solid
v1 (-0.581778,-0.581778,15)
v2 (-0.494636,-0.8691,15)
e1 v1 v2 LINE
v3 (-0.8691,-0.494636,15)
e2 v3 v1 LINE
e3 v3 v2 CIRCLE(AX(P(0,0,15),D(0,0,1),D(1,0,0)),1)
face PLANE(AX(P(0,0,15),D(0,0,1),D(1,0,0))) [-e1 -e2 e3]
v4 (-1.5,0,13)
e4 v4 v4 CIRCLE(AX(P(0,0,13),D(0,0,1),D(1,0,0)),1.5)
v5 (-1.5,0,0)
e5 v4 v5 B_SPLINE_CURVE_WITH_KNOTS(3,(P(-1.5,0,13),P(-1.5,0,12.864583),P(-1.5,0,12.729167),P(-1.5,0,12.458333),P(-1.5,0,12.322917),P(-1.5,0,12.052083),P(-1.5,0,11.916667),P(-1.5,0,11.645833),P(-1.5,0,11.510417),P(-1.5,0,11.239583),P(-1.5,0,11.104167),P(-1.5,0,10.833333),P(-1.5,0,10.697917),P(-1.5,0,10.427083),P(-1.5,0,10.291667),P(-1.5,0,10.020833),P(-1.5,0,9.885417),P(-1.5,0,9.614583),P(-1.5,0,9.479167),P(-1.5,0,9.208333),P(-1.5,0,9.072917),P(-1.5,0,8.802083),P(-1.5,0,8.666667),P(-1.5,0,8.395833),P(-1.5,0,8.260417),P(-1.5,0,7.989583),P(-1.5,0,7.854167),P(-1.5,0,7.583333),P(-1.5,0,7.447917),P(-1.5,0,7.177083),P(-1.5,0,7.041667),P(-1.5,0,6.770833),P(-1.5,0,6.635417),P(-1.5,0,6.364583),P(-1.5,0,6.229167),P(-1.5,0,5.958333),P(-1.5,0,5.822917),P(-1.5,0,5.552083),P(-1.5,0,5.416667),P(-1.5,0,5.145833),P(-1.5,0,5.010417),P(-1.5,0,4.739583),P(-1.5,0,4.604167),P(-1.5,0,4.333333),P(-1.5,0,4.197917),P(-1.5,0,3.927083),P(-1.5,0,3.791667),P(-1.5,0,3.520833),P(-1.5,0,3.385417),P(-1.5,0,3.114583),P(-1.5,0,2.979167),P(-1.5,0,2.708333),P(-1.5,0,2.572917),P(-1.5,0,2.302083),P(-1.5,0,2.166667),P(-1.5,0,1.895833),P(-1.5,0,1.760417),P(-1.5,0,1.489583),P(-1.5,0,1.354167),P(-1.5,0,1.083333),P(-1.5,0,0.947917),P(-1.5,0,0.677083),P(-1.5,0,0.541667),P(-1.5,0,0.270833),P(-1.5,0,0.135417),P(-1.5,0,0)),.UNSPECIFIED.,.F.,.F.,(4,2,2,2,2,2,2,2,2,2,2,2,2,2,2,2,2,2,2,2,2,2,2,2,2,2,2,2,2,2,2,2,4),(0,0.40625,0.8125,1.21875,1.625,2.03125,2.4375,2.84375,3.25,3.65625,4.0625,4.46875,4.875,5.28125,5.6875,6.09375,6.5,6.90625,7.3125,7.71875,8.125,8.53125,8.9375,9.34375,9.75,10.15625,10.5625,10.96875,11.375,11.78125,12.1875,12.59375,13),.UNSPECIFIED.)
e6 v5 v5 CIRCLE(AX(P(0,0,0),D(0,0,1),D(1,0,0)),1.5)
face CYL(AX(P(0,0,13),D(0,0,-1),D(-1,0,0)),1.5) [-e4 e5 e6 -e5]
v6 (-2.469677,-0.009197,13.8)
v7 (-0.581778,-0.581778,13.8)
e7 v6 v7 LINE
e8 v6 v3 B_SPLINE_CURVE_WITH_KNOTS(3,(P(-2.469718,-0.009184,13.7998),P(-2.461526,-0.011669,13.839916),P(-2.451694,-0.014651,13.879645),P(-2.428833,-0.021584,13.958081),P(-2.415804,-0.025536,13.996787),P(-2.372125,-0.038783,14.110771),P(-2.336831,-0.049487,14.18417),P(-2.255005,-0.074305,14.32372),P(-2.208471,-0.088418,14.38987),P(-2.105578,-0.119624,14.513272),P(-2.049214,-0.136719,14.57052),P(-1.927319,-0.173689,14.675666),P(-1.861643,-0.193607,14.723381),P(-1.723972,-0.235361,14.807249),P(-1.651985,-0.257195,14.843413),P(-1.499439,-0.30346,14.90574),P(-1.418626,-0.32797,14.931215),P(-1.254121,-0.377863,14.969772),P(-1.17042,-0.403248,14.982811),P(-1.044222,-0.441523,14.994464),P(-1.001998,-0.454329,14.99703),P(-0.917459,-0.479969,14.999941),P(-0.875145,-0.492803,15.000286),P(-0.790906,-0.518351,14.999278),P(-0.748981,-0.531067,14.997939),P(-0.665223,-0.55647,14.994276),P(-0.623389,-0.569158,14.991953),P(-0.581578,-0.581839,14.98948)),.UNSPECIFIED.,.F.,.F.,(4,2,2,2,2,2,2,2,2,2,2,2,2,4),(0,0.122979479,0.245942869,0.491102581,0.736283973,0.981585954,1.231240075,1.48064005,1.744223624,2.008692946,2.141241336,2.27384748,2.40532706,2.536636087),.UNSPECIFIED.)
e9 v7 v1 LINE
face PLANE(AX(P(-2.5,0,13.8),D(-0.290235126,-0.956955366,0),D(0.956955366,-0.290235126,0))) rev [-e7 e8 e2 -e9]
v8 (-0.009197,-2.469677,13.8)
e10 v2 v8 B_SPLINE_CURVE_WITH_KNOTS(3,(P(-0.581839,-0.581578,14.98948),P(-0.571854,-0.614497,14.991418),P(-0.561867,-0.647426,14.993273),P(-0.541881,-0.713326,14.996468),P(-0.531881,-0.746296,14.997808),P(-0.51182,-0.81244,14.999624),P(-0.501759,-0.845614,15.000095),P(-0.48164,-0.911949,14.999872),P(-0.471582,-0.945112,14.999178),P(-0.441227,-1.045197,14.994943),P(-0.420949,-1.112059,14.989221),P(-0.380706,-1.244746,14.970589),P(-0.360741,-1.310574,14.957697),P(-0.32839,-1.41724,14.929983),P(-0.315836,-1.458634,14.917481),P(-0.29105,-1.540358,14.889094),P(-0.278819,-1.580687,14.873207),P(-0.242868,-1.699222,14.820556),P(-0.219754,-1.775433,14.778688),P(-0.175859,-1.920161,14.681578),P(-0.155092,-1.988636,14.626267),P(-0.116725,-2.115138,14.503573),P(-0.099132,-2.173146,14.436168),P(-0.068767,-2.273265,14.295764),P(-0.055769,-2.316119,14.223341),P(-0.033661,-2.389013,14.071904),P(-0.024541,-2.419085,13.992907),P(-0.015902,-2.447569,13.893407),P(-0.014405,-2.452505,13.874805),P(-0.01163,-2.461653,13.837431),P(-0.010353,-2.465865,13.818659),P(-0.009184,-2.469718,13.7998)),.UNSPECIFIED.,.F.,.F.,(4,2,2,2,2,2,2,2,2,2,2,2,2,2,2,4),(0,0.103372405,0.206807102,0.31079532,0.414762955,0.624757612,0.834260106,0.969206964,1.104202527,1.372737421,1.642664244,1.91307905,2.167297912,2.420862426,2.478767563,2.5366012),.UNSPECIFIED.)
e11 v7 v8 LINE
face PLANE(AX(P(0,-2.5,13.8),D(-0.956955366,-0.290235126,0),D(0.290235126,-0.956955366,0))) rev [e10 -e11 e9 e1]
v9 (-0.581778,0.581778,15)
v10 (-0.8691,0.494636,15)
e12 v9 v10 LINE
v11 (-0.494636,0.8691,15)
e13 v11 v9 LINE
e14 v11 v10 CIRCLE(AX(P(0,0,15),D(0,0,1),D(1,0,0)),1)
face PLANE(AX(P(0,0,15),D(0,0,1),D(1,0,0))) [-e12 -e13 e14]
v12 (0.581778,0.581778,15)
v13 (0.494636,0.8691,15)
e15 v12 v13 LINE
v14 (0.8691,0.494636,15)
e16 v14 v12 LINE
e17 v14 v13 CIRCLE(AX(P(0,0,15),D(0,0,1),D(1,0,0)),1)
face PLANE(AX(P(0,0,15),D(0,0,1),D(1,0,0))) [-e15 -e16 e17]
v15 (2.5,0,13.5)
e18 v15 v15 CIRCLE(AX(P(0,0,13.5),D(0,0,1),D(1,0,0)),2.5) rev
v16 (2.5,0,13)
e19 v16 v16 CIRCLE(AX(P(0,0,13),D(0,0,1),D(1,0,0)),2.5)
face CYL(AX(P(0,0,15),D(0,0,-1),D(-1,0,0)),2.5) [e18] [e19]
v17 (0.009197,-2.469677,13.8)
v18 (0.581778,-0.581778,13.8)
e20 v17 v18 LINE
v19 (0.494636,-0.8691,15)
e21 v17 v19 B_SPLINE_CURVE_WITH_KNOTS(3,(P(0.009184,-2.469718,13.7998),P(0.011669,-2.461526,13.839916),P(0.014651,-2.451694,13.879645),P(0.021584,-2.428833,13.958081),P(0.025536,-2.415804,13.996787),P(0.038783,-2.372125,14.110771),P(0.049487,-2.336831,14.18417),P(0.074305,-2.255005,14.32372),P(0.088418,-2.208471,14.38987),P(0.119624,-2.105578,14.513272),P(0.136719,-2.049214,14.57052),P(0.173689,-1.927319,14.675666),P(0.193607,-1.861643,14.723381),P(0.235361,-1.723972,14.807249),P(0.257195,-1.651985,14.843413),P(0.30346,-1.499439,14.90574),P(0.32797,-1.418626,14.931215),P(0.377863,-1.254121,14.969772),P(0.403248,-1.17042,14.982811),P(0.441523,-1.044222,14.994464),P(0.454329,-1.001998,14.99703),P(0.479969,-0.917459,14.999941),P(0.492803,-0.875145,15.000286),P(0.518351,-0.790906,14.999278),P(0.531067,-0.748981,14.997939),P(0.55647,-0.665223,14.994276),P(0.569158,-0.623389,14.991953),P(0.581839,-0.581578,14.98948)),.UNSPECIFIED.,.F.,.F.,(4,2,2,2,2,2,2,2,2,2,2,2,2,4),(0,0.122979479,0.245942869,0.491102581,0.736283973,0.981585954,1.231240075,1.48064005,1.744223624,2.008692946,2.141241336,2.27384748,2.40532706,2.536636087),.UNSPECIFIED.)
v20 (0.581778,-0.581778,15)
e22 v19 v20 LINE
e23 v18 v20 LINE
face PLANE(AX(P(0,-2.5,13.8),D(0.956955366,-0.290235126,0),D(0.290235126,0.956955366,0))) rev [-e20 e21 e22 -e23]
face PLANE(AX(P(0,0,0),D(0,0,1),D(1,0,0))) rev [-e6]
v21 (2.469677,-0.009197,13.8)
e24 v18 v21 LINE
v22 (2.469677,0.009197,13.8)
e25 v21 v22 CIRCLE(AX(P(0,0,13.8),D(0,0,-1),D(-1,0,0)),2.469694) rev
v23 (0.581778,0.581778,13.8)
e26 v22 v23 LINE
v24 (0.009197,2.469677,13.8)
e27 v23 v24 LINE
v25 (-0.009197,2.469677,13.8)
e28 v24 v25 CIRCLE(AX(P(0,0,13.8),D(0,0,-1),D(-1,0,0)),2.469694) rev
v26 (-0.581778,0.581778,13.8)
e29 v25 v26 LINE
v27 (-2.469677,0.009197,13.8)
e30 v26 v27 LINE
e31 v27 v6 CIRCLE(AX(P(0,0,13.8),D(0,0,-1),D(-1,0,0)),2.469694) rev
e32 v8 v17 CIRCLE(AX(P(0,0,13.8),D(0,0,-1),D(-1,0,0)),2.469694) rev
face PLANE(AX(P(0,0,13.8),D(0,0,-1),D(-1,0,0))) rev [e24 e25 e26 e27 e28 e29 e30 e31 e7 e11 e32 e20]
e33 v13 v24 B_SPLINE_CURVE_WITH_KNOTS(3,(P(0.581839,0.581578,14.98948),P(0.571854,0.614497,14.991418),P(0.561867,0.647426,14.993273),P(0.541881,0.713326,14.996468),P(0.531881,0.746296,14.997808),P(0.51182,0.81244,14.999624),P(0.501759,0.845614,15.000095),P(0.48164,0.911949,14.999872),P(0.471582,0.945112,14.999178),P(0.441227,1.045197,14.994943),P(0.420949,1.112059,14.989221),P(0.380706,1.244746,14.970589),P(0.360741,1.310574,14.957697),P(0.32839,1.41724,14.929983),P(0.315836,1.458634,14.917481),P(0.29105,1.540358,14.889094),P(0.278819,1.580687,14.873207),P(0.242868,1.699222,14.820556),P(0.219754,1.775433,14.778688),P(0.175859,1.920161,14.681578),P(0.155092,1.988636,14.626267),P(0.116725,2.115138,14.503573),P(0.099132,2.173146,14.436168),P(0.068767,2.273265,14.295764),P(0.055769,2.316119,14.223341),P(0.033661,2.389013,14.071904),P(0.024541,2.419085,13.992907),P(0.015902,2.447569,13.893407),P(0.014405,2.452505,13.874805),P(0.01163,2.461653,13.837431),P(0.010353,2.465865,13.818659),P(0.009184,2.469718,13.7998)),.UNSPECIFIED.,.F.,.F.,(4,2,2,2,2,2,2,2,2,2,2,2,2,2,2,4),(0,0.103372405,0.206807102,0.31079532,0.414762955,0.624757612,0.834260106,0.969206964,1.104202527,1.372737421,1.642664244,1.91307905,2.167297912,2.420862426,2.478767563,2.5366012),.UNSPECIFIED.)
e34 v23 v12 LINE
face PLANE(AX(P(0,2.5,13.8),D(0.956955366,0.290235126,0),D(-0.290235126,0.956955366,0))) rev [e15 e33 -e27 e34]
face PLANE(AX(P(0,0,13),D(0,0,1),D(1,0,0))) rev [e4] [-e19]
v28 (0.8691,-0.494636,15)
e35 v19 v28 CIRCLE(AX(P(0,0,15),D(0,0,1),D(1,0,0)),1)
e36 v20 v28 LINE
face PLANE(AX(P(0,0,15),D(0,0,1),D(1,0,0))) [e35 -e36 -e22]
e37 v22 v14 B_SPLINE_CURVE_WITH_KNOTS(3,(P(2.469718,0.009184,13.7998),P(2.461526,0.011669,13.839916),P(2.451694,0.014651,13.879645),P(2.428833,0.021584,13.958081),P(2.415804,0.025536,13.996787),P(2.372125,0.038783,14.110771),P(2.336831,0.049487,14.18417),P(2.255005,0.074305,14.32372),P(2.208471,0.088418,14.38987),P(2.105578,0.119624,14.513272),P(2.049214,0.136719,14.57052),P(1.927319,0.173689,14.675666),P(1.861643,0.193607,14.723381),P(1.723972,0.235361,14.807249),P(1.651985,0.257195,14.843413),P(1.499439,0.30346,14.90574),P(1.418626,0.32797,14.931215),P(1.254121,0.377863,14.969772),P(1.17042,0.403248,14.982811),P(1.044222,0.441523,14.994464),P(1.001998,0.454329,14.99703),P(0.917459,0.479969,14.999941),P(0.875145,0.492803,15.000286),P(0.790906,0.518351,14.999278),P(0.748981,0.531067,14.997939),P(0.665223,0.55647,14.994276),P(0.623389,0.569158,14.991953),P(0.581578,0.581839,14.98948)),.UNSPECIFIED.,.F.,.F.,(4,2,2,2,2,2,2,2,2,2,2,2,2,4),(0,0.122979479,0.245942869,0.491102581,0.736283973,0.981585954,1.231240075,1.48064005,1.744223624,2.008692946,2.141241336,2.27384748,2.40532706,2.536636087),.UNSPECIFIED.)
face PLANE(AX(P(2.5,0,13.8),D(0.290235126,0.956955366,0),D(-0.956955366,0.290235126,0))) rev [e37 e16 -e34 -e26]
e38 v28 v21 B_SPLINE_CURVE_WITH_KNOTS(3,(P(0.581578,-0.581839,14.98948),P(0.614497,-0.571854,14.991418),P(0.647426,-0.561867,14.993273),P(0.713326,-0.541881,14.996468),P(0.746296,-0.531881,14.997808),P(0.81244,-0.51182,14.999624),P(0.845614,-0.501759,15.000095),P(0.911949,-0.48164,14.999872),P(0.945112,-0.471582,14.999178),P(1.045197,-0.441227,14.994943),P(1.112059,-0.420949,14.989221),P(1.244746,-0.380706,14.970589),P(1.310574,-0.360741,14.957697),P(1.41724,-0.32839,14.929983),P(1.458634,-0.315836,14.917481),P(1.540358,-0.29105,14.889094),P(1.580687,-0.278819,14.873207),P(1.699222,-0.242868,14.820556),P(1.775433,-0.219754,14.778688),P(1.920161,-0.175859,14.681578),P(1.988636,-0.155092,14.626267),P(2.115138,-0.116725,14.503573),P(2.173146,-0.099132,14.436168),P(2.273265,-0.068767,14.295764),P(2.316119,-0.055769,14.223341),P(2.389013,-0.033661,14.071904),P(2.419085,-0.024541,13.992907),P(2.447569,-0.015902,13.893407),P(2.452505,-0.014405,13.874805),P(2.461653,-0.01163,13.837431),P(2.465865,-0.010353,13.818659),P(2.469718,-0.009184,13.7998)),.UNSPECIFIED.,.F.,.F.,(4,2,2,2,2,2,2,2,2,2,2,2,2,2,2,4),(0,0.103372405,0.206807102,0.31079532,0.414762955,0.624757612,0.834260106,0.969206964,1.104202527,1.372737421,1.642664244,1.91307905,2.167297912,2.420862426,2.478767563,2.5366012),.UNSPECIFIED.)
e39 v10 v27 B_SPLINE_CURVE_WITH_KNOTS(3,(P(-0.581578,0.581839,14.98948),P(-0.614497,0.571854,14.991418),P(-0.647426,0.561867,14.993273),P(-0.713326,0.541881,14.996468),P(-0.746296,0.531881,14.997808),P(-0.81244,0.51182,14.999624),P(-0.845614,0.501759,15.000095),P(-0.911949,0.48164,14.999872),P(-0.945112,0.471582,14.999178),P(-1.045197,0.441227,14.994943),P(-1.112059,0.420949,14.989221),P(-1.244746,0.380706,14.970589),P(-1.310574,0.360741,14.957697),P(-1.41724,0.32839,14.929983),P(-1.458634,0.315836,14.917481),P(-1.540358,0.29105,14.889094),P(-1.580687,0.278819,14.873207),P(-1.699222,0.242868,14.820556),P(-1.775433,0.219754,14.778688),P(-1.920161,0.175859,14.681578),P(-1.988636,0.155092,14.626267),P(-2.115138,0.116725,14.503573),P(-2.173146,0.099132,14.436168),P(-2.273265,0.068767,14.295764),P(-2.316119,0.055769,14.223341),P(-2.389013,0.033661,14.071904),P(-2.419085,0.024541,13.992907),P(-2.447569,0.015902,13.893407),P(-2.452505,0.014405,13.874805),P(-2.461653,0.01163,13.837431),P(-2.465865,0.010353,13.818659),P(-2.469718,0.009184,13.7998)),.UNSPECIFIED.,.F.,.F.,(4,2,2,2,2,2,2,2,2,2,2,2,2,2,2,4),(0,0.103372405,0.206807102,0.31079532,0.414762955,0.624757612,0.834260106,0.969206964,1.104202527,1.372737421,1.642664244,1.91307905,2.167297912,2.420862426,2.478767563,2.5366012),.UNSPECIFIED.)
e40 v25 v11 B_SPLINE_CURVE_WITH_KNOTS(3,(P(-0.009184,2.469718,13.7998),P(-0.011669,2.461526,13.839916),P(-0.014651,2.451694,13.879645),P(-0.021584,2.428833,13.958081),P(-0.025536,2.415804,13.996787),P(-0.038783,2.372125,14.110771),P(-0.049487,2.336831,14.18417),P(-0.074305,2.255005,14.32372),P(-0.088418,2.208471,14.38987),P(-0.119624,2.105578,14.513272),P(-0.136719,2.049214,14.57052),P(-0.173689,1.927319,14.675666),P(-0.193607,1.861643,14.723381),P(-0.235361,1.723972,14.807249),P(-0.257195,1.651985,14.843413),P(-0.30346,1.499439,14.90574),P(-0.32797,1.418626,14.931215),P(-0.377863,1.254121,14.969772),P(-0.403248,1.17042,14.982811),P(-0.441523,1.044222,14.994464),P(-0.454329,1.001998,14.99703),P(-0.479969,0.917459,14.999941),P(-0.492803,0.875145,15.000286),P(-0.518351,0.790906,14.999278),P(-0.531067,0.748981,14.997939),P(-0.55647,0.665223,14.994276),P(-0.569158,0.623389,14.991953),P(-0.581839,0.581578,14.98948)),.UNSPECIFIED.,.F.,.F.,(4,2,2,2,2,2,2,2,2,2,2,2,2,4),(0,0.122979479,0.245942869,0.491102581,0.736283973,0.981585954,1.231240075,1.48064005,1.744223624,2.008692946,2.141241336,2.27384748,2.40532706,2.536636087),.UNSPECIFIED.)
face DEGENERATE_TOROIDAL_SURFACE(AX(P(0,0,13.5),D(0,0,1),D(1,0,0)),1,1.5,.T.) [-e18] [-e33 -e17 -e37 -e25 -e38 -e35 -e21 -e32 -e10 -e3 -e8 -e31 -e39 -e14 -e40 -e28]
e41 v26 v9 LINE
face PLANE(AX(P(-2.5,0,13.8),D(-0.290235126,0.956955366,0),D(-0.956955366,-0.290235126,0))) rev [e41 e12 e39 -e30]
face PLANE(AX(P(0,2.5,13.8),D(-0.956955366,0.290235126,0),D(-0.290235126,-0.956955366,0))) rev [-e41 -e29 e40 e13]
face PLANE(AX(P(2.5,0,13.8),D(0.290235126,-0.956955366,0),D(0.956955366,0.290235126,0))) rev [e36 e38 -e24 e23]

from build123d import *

# Parameters (mm, degrees)
SKETCH1_R           = 1.5
BOSS_EXTRUDE1_DEPTH = 13
SKETCH2_R           = 2.5
BOSS_EXTRUDE2_DEPTH = 2
FILLET1_R           = 1.5
CUT_EXTRUDE1_DEPTH  = 1.2


with BuildPart() as part:
    # Sketch1 → Boss-Extrude1 (new body)
    with BuildSketch(Plane.XY):
        with Locations(Location((0, 0, 0), (0, 0, 180))):
            Circle(SKETCH1_R)
    extrude(amount=BOSS_EXTRUDE1_DEPTH)

    # Sketch2 → Boss-Extrude2 (add)
    with BuildSketch(Plane.XY.offset(13)):
        Circle(SKETCH2_R)
    extrude(amount=BOSS_EXTRUDE2_DEPTH)

    # Fillet1
    fillet1_edges = [part.edges().sort_by_distance(p)[0] for p in [
        (-2.5, 0, 15),
    ]]
    fillet(fillet1_edges, radius=FILLET1_R)

    # Sketch3 → Cut-Extrude1 (cut)
    with BuildSketch(Plane.XY.offset(15)):
        Polygon((2.5, 0), (0.58177786, 0.58177786), (0, 2.5), (-0.58177786, 0.58177786), (-2.5, 0), (-0.58177786, -0.58177786), (0, -2.5), (0.58177786, -0.58177786), align=None)
    extrude(amount=-CUT_EXTRUDE1_DEPTH, mode=Mode.SUBTRACT)


solid = part.part
